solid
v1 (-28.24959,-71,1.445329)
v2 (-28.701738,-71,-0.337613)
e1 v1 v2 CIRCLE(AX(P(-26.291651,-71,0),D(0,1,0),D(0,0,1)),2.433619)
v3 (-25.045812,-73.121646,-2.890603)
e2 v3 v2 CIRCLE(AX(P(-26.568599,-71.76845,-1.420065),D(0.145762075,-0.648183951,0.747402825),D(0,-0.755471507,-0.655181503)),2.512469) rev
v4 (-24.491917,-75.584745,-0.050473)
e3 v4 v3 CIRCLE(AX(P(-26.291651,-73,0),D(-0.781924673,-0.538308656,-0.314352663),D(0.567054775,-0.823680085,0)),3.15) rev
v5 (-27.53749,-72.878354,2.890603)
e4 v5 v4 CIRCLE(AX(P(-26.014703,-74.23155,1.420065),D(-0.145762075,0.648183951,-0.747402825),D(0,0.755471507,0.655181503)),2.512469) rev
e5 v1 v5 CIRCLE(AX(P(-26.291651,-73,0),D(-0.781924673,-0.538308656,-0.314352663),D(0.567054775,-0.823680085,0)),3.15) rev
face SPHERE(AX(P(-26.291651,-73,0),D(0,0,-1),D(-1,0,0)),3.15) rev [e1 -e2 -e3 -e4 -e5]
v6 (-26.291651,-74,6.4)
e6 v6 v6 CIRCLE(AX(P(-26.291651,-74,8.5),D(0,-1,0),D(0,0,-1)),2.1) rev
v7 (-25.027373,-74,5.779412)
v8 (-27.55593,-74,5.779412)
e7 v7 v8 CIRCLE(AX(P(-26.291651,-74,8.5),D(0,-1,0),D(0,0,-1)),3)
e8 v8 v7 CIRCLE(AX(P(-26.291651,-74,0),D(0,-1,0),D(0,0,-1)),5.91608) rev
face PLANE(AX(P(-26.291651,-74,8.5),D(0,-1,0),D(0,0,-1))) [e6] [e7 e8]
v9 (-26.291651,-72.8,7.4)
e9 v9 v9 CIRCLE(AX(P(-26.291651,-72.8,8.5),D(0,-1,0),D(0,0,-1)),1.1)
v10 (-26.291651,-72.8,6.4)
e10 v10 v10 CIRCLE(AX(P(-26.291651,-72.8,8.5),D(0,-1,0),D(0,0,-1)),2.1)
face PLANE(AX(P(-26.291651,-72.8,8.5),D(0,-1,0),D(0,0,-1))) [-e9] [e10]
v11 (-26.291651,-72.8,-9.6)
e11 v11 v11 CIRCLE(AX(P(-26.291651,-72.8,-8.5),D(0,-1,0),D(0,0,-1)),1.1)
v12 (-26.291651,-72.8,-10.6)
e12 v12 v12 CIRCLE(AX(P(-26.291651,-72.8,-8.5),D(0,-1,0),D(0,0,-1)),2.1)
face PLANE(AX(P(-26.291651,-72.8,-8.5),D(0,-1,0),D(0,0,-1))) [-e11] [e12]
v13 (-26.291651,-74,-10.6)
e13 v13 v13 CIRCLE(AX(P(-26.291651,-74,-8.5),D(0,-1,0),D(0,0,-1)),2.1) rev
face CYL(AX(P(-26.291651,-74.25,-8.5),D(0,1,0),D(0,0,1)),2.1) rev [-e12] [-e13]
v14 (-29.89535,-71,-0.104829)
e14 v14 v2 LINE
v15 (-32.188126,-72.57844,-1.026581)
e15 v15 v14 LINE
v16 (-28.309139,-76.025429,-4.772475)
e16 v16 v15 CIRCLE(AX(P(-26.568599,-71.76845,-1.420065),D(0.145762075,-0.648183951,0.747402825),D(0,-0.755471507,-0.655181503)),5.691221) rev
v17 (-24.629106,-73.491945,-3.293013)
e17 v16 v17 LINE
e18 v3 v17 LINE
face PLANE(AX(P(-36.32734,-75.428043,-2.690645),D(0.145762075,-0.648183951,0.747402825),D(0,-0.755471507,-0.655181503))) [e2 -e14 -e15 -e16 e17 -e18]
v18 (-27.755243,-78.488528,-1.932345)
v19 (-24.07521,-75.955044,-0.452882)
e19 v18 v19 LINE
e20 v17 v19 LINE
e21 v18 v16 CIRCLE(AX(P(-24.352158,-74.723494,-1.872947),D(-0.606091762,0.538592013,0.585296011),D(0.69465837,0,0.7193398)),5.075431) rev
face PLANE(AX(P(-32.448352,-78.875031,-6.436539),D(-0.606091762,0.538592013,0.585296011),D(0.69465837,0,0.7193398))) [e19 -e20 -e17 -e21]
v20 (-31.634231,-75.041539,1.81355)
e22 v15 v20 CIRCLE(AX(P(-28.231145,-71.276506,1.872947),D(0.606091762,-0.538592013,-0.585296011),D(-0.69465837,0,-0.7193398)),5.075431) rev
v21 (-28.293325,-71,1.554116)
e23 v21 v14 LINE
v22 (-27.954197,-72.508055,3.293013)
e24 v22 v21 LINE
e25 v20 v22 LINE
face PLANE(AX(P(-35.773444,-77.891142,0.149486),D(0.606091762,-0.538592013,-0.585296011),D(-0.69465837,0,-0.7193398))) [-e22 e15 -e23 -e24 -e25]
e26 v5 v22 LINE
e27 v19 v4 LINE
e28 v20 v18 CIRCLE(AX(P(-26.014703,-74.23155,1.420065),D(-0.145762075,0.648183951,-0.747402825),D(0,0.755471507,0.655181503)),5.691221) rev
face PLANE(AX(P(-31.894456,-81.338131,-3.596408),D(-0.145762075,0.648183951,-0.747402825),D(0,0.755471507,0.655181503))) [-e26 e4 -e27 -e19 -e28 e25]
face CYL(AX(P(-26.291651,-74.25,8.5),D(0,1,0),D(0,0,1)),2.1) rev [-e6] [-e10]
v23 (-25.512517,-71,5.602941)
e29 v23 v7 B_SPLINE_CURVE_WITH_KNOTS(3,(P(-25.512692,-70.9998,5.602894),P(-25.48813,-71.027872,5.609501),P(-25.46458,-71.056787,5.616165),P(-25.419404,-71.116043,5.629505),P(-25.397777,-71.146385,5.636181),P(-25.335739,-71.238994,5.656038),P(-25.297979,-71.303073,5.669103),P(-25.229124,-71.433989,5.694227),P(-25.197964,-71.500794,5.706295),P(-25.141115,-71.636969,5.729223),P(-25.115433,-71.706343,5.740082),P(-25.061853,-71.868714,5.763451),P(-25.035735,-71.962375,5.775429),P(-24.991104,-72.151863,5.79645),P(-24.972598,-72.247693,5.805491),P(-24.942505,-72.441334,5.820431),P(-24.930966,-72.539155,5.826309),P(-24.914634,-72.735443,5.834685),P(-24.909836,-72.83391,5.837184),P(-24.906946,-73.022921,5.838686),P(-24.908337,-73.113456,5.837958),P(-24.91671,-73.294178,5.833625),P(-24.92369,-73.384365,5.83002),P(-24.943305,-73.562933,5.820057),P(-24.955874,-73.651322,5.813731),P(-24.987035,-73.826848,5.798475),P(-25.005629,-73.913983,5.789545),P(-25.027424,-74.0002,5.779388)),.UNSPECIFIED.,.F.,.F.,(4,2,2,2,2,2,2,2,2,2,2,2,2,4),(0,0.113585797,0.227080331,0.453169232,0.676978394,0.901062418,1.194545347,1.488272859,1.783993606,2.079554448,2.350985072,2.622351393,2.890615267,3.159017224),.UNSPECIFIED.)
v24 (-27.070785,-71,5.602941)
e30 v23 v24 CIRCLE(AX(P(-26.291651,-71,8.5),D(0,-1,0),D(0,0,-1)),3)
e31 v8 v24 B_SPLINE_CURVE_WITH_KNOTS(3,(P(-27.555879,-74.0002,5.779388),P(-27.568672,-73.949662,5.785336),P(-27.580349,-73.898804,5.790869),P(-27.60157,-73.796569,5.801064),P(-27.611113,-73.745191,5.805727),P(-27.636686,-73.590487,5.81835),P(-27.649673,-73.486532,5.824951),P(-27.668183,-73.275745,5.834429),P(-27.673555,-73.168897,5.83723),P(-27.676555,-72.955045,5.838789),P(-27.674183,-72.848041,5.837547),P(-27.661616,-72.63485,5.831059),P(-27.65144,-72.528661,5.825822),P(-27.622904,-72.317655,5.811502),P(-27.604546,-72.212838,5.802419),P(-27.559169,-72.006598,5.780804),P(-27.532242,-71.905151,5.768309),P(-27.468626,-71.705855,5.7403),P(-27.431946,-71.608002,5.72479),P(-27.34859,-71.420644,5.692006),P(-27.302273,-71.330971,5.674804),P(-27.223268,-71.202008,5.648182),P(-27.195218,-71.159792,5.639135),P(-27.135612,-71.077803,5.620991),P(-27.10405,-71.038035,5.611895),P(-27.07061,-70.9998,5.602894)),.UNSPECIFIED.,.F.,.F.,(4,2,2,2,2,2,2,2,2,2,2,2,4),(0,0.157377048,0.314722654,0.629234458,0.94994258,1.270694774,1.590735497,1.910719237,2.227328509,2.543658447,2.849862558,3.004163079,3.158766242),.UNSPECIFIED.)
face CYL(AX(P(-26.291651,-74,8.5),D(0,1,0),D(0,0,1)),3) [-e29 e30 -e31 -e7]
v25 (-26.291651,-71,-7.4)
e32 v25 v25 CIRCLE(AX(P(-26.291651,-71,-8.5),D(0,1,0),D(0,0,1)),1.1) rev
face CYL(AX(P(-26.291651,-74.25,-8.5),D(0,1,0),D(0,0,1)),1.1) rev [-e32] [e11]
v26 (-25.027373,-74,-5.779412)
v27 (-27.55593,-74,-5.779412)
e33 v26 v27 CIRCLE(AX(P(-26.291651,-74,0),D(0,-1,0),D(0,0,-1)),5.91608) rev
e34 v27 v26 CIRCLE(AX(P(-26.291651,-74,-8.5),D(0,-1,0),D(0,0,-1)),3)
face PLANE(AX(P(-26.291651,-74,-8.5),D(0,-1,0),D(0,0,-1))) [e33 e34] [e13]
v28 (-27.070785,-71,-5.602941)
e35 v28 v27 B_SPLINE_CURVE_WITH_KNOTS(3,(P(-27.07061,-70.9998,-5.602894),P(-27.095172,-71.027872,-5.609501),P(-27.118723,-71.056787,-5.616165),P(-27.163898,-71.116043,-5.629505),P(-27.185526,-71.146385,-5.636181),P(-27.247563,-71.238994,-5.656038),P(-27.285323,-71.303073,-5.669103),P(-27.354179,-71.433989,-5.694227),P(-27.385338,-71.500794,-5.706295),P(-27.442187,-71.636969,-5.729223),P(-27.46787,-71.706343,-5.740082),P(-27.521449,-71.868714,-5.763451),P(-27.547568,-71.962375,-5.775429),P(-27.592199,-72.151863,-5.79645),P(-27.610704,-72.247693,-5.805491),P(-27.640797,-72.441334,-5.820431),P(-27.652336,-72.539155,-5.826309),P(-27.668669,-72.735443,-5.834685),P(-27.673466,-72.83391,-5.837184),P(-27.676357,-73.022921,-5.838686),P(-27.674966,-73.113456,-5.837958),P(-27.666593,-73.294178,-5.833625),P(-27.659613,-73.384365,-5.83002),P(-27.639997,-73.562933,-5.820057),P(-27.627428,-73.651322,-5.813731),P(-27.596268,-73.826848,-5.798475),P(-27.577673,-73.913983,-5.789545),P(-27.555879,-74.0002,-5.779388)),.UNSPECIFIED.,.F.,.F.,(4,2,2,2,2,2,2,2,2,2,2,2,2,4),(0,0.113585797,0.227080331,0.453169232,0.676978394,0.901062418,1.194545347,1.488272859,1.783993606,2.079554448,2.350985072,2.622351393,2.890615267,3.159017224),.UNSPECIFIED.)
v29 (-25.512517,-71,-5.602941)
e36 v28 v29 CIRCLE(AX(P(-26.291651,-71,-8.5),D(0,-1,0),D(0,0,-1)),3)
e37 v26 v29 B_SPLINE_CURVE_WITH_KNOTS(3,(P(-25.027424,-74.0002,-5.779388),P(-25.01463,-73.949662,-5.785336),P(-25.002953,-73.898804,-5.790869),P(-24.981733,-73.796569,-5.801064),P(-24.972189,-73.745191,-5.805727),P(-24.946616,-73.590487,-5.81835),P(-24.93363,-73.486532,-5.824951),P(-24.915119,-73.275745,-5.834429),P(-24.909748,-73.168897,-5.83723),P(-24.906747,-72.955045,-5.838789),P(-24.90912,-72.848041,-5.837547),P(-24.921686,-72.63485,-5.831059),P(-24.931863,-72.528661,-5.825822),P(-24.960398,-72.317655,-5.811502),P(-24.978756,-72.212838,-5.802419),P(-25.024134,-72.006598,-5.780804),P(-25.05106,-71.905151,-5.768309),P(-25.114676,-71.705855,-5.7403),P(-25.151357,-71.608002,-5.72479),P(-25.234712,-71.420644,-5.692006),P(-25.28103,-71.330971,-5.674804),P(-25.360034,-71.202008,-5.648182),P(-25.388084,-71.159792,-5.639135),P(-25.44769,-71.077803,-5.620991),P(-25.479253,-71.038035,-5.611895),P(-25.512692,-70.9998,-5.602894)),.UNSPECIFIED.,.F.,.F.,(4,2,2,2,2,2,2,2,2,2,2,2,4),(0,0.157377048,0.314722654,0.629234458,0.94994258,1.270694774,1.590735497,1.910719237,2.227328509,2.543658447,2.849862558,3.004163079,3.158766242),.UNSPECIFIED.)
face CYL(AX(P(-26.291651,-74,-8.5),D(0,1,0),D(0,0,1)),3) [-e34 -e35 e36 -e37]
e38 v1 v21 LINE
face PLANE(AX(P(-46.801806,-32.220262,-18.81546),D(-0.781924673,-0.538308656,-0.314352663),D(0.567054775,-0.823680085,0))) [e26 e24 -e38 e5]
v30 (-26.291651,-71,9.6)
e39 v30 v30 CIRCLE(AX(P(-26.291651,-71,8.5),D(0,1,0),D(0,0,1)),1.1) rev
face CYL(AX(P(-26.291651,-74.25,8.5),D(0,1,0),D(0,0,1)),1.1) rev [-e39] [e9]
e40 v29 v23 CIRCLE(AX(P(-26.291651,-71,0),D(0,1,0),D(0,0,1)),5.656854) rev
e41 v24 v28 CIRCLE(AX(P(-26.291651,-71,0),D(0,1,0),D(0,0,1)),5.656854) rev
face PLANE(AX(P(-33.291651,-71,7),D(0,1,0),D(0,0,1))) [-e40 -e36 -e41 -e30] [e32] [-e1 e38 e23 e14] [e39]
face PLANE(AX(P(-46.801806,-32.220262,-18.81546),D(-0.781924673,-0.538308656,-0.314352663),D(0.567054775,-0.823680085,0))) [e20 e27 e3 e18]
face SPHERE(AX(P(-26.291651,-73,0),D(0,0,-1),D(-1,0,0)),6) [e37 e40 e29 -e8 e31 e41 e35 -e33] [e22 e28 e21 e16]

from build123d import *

# Parameters (mm, degrees)
RETAINER_FEATURE_2_PROFILE_W = 14
RETAINER_FEATURE_2_PROFILE_H = 5
RETAINER_FEATURE_2_DEPTH     = 14
RETAINER_FEATURE_3_PROFILE_R = 3
RETAINER_FEATURE_3_DEPTH     = 3
RETAINER_FEATURE_4_PROFILE_R = 3
RETAINER_FEATURE_4_DEPTH     = 3
RETAINER_FEATURE_6_PROFILE_R = 1.1
RETAINER_FEATURE_6_DEPTH     = 4.25
RETAINER_FEATURE_7_PROFILE_R = 2.1
RETAINER_FEATURE_7_DEPTH     = 1.45
RETAINER_FEATURE_8_PROFILE_R = 1.1
RETAINER_FEATURE_8_DEPTH     = 4.25
RETAINER_FEATURE_9_PROFILE_R = 2.1
RETAINER_FEATURE_9_DEPTH     = 1.45
RETAINER_FEATURE_12_DEPTH    = 10


with BuildPart() as part:
    # Retainer Feature 1 profile → Retainer Feature 1 (revolve)
    with BuildSketch(Plane(origin=(0, -73, 0), x_dir=(-1, 0, 0), z_dir=(0, -1, 0))):
        with BuildLine():
            Line((26.291651246, -6), (26.291651246, 6))
            ThreePointArc((26.291651246, 6), (20.291651246, 0), (26.291651246, -6))
        make_face()
    revolve(axis=Axis((-26.291651246, -73, -10), (0, 0, 1)))

    # Retainer Feature 2 profile → Retainer Feature 2 (cut)
    with BuildSketch(Plane.XY.offset(-7)):
        with Locations((-26.291651246, -68.5)):
            Rectangle(RETAINER_FEATURE_2_PROFILE_W, RETAINER_FEATURE_2_PROFILE_H)
    extrude(amount=RETAINER_FEATURE_2_DEPTH, mode=Mode.SUBTRACT)

    # Retainer Feature 3 profile → Retainer Feature 3 (add)
    with BuildSketch(Plane(origin=(0, -71, 0), x_dir=(-1, 0, 0), z_dir=(0, -1, 0))):
        with Locations((26.291651246, 8.5)):
            Circle(RETAINER_FEATURE_3_PROFILE_R)
    extrude(amount=RETAINER_FEATURE_3_DEPTH)

    # Retainer Feature 4 profile → Retainer Feature 4 (add)
    with BuildSketch(Plane(origin=(0, -71, 0), x_dir=(-1, 0, 0), z_dir=(0, -1, 0))):
        with Locations((26.291651246, -8.5)):
            Circle(RETAINER_FEATURE_4_PROFILE_R)
    extrude(amount=RETAINER_FEATURE_4_DEPTH)

    # Retainer Feature 5 profile → Retainer Feature 5 (revolve, cut)
    with BuildSketch(Plane(origin=(0, -73, 0), x_dir=(-1, 0, 0), z_dir=(0, -1, 0))):
        with BuildLine():
            Line((26.291651246, -3.15), (26.291651246, 3.15))
            ThreePointArc((26.291651246, 3.15), (23.141651246, 0), (26.291651246, -3.15))
        make_face()
    revolve(axis=Axis((-26.291651246, -73, -10), (0, 0, 1)), mode=Mode.SUBTRACT)

    # Retainer Feature 6 profile → Retainer Feature 6 (cut)
    with BuildSketch(Plane(origin=(0, -70, 0), x_dir=(-1, 0, 0), z_dir=(0, -1, 0))):
        with Locations(Location((26.291651246, 8.5, 0), (0, 0, 270))):
            Circle(RETAINER_FEATURE_6_PROFILE_R)
    extrude(amount=RETAINER_FEATURE_6_DEPTH, mode=Mode.SUBTRACT)

    # Retainer Feature 7 profile → Retainer Feature 7 (cut)
    with BuildSketch(Plane(origin=(0, -72.8, 0), x_dir=(-1, 0, 0), z_dir=(0, -1, 0))):
        with Locations(Location((26.291651246, 8.5, 0), (0, 0, 90))):
            Circle(RETAINER_FEATURE_7_PROFILE_R)
    extrude(amount=RETAINER_FEATURE_7_DEPTH, mode=Mode.SUBTRACT)

    # Retainer Feature 8 profile → Retainer Feature 8 (cut)
    with BuildSketch(Plane(origin=(0, -70, 0), x_dir=(-1, 0, 0), z_dir=(0, -1, 0))):
        with Locations(Location((26.291651246, -8.5, 0), (0, 0, 270))):
            Circle(RETAINER_FEATURE_8_PROFILE_R)
    extrude(amount=RETAINER_FEATURE_8_DEPTH, mode=Mode.SUBTRACT)

    # Retainer Feature 9 profile → Retainer Feature 9 (cut)
    with BuildSketch(Plane(origin=(0, -72.8, 0), x_dir=(-1, 0, 0), z_dir=(0, -1, 0))):
        with Locations(Location((26.291651246, -8.5, 0), (0, 0, 90))):
            Circle(RETAINER_FEATURE_9_PROFILE_R)
    extrude(amount=RETAINER_FEATURE_9_DEPTH, mode=Mode.SUBTRACT)

    # Middle Right Fixed Compression Ball Reta → Retainer Feature 12 (cut)
    with BuildSketch(Plane(origin=(-46.801806266, -32.220261504, -18.815460044), x_dir=(-0.25892602820646665, -0.17825517869277457, 0.9493062747008634), z_dir=(-0.7819246728070284, -0.5383086561091627, -0.3143526631246647))):
        Polygon((20.297287002, -41.528985171), (16.35135873, -46.567799523), (19.343154751, -48.910694434), (23.289083023, -43.871880083), align=None)
    extrude(amount=RETAINER_FEATURE_12_DEPTH, mode=Mode.SUBTRACT)


solid = part.part
